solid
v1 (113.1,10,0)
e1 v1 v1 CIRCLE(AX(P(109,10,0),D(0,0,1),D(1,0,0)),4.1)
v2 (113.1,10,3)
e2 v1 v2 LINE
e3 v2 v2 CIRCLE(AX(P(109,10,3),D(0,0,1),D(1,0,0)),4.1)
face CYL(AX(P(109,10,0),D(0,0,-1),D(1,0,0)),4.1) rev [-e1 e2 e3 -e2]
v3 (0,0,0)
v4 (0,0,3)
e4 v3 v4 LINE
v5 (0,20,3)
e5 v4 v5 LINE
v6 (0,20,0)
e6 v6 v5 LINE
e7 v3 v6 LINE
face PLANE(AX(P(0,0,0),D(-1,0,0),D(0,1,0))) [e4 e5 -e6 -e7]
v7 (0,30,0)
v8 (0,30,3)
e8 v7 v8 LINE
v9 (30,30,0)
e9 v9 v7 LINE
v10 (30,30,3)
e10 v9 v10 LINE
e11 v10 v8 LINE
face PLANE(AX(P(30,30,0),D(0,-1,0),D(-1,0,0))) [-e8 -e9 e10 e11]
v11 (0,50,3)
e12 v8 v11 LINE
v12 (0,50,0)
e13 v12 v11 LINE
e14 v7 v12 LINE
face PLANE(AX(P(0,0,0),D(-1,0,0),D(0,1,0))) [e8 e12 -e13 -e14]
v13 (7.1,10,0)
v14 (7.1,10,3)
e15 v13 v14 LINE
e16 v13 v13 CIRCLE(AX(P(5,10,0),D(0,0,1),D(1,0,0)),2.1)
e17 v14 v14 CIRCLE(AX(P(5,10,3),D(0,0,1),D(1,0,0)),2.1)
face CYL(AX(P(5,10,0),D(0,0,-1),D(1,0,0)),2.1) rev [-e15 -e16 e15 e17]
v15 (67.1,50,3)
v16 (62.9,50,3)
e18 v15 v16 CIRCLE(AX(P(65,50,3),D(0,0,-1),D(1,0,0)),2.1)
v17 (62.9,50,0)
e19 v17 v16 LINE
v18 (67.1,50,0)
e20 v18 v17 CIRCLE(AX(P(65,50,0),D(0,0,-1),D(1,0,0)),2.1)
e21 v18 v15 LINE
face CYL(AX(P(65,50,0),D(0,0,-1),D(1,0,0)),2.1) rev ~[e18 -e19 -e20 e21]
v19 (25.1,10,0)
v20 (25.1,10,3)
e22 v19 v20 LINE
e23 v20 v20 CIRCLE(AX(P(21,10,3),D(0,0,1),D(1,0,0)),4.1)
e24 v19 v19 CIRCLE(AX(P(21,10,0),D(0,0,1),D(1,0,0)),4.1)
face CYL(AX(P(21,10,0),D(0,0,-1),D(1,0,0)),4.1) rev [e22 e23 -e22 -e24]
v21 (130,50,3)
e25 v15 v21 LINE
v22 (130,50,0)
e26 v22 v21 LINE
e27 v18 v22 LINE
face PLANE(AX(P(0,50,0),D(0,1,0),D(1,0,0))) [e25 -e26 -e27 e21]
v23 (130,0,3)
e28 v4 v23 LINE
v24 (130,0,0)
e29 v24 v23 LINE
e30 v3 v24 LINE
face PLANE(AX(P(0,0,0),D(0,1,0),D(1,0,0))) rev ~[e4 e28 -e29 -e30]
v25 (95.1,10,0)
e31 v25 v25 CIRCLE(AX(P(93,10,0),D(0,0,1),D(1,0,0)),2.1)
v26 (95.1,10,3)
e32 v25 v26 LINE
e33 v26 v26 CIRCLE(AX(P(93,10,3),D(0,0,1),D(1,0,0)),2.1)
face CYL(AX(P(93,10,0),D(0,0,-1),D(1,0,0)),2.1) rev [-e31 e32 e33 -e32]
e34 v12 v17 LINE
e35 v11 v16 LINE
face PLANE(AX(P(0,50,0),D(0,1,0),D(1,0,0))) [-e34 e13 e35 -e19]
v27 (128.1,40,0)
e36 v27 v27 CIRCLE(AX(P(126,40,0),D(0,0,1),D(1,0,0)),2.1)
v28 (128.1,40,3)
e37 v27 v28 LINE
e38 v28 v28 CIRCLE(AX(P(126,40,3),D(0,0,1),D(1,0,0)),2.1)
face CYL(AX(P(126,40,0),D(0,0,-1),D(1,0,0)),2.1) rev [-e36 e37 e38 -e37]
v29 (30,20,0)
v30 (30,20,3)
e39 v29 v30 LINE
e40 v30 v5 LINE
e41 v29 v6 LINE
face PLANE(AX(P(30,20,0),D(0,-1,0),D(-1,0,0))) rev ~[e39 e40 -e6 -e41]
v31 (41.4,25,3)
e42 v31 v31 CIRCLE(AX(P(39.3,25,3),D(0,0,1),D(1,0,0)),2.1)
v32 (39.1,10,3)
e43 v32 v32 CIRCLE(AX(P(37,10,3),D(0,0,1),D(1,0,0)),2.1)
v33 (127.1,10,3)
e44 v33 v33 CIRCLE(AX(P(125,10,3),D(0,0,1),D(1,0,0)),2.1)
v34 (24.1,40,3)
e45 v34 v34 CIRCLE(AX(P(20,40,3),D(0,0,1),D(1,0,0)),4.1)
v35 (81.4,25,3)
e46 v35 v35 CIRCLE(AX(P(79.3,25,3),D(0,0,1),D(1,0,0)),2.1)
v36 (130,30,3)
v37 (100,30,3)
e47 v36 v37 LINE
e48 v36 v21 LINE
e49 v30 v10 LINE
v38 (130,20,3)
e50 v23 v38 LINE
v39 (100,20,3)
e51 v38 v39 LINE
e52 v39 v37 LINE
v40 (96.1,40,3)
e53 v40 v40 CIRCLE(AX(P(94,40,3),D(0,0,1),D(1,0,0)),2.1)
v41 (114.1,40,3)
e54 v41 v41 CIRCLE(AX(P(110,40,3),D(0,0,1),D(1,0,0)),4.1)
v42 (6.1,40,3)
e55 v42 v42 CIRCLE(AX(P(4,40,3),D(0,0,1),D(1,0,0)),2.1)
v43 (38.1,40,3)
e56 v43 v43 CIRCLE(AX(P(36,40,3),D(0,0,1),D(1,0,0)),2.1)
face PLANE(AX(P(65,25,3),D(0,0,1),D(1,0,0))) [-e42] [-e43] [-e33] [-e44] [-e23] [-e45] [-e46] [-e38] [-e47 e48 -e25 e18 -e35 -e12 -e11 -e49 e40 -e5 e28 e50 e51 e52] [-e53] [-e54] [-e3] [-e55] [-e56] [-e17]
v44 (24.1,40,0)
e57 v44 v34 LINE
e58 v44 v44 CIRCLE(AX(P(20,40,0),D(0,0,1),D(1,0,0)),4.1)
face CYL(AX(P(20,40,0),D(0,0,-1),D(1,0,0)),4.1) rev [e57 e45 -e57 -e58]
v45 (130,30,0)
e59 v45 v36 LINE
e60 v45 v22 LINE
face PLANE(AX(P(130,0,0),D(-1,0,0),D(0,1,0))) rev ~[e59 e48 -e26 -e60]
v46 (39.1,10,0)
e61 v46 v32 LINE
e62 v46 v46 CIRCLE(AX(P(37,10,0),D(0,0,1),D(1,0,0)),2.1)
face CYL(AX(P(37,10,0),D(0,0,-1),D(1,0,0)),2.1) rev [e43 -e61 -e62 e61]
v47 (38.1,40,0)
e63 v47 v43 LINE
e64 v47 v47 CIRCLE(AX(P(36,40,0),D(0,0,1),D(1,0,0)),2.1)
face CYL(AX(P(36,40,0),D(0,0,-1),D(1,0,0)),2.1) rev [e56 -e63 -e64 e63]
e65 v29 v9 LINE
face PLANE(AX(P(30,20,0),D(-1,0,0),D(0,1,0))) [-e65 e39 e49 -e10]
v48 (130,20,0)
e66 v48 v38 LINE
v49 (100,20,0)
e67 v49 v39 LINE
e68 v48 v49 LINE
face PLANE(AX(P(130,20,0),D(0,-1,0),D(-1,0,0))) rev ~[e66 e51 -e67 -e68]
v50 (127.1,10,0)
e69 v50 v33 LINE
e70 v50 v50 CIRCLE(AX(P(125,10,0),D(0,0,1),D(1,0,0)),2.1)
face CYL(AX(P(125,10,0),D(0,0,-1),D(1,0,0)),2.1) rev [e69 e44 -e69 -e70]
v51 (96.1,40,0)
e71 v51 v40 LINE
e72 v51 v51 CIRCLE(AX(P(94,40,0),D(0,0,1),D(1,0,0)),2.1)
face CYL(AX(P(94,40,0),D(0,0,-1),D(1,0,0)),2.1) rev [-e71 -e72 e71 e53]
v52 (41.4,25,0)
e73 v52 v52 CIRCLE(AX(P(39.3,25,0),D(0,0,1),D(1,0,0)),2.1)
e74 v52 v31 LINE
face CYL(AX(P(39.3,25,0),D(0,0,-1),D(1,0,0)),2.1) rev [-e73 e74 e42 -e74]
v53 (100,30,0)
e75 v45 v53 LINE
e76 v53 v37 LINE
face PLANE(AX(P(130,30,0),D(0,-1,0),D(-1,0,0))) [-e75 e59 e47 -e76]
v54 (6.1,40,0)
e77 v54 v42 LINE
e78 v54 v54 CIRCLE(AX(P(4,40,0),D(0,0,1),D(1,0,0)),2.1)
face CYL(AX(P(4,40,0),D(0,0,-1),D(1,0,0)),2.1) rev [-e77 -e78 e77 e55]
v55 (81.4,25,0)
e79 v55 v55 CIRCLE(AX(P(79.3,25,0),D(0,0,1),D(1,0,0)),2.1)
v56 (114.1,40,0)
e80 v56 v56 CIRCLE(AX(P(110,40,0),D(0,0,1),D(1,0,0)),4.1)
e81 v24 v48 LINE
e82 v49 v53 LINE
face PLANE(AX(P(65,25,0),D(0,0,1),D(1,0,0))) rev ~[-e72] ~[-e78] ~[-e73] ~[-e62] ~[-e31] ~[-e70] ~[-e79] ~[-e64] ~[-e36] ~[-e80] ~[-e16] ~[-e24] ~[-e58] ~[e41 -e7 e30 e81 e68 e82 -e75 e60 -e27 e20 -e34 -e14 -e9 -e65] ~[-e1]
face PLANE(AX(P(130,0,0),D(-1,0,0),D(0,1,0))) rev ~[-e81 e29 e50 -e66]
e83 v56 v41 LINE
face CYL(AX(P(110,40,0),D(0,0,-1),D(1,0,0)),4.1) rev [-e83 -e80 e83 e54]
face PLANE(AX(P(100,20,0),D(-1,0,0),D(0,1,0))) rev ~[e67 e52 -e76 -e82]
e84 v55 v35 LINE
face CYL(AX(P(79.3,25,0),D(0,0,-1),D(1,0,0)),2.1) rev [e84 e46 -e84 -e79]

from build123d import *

# Parameters (mm, degrees)
ESQUISSE1_W             = 130
ESQUISSE1_H             = 50
ESQUISSE1_R             = 2.1
ESQUISSE1_R_2           = 4.1
BOSS_EXTRU_1_DEPTH      = 3
ENL_V_MAT_EXTRU_1_REACH = 5
ESQUISSE2_W             = 30
ESQUISSE2_H             = 10


with BuildPart() as part:
    # Esquisse1 → Boss.-Extru.1 (new body)
    with BuildSketch(Plane.XY):
        with Locations((65, 25)):
            Rectangle(ESQUISSE1_W, ESQUISSE1_H)
        with Locations((4, 40)):
            Circle(ESQUISSE1_R, mode=Mode.SUBTRACT)
        with Locations((20, 40)):
            Circle(ESQUISSE1_R_2, mode=Mode.SUBTRACT)
        with Locations((36, 40)):
            Circle(ESQUISSE1_R, mode=Mode.SUBTRACT)
        with Locations((94, 40)):
            Circle(ESQUISSE1_R, mode=Mode.SUBTRACT)
        with Locations((110, 40)):
            Circle(ESQUISSE1_R_2, mode=Mode.SUBTRACT)
        with Locations((126, 40)):
            Circle(ESQUISSE1_R, mode=Mode.SUBTRACT)
        with Locations((5, 10)):
            Circle(ESQUISSE1_R, mode=Mode.SUBTRACT)
        with Locations((21, 10)):
            Circle(ESQUISSE1_R_2, mode=Mode.SUBTRACT)
        with Locations((37, 10)):
            Circle(ESQUISSE1_R, mode=Mode.SUBTRACT)
        with Locations((93, 10)):
            Circle(ESQUISSE1_R, mode=Mode.SUBTRACT)
        with Locations((109, 10)):
            Circle(ESQUISSE1_R_2, mode=Mode.SUBTRACT)
        with Locations((125, 10)):
            Circle(ESQUISSE1_R, mode=Mode.SUBTRACT)
        with Locations((39.3, 25)):
            Circle(ESQUISSE1_R, mode=Mode.SUBTRACT)
        with Locations((79.3, 25)):
            Circle(ESQUISSE1_R, mode=Mode.SUBTRACT)
    extrude(amount=BOSS_EXTRU_1_DEPTH)

    # Esquisse2 → Enlèv. mat.-Extru.1 (cut, up to next)
    with BuildSketch(Plane(origin=(0, 0, 0), x_dir=(-1, 0, 0), z_dir=(0, 0, -1)), mode=Mode.PRIVATE) as enl_v_mat_extru_1_sk1:
        with Locations((-15, 25)):
            Rectangle(ESQUISSE2_W, ESQUISSE2_H)
    enl_v_mat_extru_1_tool1 = extrude(enl_v_mat_extru_1_sk1.sketch, amount=-ENL_V_MAT_EXTRU_1_REACH, mode=Mode.PRIVATE) & part.part
    add(enl_v_mat_extru_1_tool1.solids().sort_by_distance((15, 25, 0))[0], mode=Mode.SUBTRACT)
    # Esquisse2 → Enlèv. mat.-Extru.1 (cut, up to next)
    with BuildSketch(Plane(origin=(0, 0, 0), x_dir=(-1, 0, 0), z_dir=(0, 0, -1)), mode=Mode.PRIVATE) as enl_v_mat_extru_1_sk2:
        with Locations((-115, 25)):
            Rectangle(ESQUISSE2_W, ESQUISSE2_H)
    enl_v_mat_extru_1_tool2 = extrude(enl_v_mat_extru_1_sk2.sketch, amount=-ENL_V_MAT_EXTRU_1_REACH, mode=Mode.PRIVATE) & part.part
    add(enl_v_mat_extru_1_tool2.solids().sort_by_distance((115, 25, 0))[0], mode=Mode.SUBTRACT)
    # Esquisse2 → Enlèv. mat.-Extru.1 (cut, up to next)
    with BuildSketch(Plane(origin=(0, 0, 0), x_dir=(-1, 0, 0), z_dir=(0, 0, -1)), mode=Mode.PRIVATE) as enl_v_mat_extru_1_sk3:
        with BuildLine():
            Line((-62.9, 50), (-67.1, 50))
            ThreePointArc((-67.1, 50), (-65, 47.9), (-62.9, 50))
        make_face()
    enl_v_mat_extru_1_tool3 = extrude(enl_v_mat_extru_1_sk3.sketch, amount=-ENL_V_MAT_EXTRU_1_REACH, mode=Mode.PRIVATE) & part.part
    add(enl_v_mat_extru_1_tool3.solids().sort_by_distance((65, 49.108732, 0))[0], mode=Mode.SUBTRACT)


solid = part.part
